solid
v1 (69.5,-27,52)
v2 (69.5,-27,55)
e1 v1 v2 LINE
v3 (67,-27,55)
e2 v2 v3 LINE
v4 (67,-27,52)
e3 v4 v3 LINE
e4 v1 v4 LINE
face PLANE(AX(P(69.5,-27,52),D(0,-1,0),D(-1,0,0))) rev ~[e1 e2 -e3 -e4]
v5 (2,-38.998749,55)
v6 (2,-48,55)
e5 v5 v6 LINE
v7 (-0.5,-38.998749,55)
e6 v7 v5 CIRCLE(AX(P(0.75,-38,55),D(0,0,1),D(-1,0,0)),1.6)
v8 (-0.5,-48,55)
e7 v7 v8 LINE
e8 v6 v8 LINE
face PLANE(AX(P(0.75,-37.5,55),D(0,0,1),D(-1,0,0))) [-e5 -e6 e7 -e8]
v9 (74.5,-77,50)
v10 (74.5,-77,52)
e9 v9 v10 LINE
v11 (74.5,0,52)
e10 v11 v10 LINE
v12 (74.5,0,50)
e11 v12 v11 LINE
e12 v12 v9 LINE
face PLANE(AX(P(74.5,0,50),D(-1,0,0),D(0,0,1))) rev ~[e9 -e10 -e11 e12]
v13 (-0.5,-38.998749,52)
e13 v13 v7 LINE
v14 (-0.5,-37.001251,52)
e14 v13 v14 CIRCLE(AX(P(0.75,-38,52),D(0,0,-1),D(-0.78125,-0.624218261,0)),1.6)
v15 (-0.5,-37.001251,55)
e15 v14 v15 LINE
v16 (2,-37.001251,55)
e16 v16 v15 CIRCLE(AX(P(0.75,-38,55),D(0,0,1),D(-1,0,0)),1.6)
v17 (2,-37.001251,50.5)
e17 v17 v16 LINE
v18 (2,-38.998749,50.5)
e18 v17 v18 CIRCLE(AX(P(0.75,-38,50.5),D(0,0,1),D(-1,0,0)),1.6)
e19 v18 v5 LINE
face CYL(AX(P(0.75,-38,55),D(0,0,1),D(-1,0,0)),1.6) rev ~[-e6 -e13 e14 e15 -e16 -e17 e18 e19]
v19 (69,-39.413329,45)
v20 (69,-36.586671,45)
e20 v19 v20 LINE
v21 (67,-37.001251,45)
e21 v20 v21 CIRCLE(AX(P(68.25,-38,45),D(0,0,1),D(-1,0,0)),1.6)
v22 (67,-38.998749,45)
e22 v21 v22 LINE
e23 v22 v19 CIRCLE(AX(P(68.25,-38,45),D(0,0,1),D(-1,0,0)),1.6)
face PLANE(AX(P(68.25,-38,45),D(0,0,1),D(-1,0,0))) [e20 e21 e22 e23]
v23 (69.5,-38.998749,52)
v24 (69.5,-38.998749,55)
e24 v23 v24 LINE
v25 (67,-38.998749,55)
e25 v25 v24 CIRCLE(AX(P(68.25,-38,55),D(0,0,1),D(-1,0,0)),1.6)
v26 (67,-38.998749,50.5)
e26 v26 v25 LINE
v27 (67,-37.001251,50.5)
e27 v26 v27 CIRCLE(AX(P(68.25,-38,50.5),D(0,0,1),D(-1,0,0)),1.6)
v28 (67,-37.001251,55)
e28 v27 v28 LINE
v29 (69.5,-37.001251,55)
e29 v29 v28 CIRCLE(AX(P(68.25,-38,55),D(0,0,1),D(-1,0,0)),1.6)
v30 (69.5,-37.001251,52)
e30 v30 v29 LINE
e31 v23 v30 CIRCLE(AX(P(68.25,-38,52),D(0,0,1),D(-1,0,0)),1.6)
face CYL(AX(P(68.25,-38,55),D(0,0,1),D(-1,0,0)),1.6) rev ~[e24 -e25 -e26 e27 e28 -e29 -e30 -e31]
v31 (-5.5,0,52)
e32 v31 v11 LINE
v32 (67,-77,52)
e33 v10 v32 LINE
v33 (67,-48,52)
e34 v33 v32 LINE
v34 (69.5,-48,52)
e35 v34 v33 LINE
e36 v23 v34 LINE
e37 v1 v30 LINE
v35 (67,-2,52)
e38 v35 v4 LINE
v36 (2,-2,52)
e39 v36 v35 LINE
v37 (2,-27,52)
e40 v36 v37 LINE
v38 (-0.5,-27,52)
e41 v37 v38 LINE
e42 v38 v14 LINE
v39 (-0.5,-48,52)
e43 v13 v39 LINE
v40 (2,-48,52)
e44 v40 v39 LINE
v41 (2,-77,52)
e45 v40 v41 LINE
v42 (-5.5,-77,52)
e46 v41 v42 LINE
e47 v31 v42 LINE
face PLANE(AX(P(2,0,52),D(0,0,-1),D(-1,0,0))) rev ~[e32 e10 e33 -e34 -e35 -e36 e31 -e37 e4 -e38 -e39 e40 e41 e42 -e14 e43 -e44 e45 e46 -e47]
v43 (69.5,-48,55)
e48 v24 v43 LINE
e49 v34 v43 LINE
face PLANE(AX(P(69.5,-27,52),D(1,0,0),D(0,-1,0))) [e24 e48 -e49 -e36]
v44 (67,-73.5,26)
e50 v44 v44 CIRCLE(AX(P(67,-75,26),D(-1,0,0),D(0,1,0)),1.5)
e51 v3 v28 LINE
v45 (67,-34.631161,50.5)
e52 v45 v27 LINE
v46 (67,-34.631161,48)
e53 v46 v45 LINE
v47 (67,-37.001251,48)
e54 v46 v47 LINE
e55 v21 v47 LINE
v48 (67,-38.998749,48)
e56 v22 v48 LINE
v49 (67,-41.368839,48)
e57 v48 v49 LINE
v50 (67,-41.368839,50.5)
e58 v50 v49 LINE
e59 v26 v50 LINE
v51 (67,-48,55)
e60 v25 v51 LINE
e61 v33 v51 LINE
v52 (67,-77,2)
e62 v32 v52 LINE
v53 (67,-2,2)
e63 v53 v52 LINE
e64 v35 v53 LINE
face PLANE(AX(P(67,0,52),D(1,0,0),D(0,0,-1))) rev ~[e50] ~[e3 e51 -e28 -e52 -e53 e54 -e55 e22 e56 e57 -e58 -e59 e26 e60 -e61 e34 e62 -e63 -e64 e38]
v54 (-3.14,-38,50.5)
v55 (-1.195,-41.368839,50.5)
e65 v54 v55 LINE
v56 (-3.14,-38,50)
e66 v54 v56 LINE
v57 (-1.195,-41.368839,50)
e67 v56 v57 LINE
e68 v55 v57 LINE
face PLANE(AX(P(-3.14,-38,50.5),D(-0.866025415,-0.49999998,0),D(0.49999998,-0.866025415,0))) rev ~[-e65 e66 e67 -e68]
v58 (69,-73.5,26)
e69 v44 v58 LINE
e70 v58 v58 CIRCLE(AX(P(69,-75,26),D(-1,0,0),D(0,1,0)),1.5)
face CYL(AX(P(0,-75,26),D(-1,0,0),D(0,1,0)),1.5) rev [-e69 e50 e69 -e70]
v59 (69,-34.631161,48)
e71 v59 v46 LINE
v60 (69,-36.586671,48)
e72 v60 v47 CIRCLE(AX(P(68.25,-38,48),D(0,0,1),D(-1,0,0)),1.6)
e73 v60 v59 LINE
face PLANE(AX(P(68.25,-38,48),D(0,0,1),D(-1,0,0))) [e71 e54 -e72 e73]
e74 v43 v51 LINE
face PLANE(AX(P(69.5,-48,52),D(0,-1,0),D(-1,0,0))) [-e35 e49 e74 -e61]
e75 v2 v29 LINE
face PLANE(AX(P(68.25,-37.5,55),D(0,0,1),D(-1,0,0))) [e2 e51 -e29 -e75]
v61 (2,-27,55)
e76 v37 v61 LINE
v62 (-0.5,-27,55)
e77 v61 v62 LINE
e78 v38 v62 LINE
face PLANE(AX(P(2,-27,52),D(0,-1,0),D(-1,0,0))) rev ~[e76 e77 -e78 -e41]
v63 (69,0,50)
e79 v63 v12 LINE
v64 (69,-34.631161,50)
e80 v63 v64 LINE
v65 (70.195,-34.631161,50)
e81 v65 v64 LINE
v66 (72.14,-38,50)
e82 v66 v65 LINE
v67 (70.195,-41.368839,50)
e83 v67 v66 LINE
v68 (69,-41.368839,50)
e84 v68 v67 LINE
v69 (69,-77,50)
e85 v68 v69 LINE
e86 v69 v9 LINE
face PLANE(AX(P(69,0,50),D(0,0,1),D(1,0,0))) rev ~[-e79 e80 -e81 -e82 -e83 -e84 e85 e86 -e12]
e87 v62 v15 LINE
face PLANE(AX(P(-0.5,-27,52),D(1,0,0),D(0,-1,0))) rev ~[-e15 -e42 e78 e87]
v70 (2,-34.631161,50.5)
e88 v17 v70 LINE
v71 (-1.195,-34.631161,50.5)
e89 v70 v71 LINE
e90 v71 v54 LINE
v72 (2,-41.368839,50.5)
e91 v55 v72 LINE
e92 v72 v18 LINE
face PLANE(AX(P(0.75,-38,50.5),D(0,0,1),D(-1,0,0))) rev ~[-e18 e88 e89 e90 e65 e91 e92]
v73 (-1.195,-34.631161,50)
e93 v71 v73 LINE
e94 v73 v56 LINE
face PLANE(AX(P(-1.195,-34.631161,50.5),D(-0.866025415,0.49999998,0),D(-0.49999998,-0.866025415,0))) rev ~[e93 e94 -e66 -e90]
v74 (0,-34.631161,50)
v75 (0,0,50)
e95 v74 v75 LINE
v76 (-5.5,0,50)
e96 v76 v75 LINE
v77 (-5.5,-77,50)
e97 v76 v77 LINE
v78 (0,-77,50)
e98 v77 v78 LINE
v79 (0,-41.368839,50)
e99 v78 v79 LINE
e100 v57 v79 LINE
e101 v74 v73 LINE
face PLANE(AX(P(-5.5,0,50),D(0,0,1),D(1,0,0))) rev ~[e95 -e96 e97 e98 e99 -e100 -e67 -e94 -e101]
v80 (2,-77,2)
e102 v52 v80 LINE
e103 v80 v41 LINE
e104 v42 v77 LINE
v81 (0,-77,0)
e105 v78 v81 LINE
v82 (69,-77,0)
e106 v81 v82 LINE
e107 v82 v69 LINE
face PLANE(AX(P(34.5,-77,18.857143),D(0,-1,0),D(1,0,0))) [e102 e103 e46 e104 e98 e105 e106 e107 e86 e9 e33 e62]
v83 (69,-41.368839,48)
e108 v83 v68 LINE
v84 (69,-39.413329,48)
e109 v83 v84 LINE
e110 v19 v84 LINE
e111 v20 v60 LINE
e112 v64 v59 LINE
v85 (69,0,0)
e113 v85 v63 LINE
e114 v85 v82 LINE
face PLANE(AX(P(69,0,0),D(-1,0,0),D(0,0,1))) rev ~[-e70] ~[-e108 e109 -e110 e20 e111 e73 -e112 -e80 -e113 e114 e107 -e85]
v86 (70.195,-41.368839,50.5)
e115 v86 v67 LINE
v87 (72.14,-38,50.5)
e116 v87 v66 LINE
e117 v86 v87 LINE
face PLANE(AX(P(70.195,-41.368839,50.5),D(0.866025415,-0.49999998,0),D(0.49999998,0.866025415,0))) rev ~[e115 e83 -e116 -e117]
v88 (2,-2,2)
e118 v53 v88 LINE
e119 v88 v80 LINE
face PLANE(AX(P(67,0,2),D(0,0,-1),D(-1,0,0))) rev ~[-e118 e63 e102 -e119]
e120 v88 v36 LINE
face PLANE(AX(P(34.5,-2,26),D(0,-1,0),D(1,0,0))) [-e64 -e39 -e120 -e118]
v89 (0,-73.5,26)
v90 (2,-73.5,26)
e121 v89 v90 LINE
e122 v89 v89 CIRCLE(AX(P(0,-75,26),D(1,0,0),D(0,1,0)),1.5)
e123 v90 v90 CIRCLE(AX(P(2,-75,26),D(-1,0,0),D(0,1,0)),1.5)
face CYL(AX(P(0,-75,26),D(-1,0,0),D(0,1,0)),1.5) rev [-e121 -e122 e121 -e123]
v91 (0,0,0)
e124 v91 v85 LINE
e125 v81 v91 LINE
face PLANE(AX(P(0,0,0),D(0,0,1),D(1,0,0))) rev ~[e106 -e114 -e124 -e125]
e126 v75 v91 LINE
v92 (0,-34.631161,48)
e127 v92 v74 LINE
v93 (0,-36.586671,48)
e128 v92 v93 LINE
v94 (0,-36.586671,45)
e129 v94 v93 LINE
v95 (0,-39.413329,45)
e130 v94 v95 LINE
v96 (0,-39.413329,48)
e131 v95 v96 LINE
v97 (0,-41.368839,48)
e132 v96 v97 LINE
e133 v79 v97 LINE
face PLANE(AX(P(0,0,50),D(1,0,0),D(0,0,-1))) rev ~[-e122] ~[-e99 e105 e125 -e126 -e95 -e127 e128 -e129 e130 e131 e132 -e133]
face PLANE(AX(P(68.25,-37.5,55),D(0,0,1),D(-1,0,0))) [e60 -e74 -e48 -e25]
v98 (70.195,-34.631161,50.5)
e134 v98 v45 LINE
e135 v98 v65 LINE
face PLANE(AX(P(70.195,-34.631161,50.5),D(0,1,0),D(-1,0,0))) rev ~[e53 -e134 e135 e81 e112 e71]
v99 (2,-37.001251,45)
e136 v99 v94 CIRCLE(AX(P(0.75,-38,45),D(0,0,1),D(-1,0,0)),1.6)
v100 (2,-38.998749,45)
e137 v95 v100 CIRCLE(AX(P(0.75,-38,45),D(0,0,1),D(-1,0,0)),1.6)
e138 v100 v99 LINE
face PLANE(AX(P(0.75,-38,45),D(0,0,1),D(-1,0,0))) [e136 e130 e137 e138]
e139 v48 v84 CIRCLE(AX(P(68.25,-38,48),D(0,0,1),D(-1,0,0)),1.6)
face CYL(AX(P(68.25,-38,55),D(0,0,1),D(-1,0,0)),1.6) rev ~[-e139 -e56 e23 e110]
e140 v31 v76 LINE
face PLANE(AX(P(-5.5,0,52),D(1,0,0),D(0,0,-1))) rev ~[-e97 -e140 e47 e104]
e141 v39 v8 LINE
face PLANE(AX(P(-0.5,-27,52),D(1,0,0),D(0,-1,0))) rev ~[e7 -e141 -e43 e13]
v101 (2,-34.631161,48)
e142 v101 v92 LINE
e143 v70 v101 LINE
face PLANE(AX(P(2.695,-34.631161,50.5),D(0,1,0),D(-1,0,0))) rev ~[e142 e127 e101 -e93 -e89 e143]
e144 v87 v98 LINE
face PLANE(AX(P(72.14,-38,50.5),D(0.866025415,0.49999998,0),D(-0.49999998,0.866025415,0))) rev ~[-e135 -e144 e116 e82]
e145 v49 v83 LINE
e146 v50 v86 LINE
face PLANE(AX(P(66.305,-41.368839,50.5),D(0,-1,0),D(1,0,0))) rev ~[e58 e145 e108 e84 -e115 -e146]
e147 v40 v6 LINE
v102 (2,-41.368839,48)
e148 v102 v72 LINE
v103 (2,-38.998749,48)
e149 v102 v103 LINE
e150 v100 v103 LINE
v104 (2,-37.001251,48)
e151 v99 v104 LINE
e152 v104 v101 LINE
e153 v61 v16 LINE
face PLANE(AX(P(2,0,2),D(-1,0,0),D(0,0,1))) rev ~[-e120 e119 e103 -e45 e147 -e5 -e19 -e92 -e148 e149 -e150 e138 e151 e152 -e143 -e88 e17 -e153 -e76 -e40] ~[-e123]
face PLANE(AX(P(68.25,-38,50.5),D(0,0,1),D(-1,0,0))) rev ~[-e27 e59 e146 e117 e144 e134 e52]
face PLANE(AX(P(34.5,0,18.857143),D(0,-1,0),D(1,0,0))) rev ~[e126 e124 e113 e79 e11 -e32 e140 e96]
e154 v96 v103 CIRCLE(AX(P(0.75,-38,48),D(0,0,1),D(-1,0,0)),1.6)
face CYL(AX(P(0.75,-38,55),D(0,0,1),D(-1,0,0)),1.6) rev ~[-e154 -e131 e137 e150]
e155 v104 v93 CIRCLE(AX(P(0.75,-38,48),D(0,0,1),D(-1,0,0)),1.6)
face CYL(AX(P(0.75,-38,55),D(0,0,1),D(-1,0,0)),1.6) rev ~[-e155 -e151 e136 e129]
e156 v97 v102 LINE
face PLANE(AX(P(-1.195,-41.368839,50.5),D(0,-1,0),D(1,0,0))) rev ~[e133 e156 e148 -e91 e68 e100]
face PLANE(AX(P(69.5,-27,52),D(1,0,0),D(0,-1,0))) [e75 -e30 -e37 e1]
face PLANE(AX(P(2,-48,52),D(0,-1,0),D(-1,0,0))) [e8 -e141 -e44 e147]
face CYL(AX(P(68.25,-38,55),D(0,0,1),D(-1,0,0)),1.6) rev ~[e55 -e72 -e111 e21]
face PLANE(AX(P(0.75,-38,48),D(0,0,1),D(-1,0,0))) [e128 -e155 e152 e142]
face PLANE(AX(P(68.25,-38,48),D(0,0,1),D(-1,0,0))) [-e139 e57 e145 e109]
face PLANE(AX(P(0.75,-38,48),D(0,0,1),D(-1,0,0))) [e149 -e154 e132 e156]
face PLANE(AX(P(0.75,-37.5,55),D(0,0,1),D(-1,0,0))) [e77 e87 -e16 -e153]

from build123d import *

# Parameters (mm, degrees)
PAD_DEPTH         = 77
SKETCH001_W       = 69
SKETCH001_H       = 52
PAD001_DEPTH      = 2
SKETCH002_R       = 1.5
POCKET_DEPTH      = 5.501
POCKET_DEPTH_BACK = -74.501
SKETCH003_W       = 2.5
SKETCH003_H       = 21
PAD002_DEPTH      = 3
SKETCH004_R       = 1.6
POCKET001_DEPTH   = 10
POCKET002_DEPTH   = 2.5


with BuildPart() as part:
    # Sketch → Pad (new body)
    with BuildSketch(Plane.XZ):
        Polygon((0, 0), (69, 0), (69, 50), (74.5, 50), (74.5, 52), (67, 52), (67, 2), (2, 2), (2, 52), (-5.5, 52), (-5.5, 50), (0, 50), align=None)
    extrude(amount=PAD_DEPTH)

    # Sketch001 → Pad001 (join)
    with BuildSketch(Plane.XZ):
        with Locations((34.5, 26)):
            Rectangle(SKETCH001_W, SKETCH001_H)
    extrude(amount=PAD001_DEPTH)

    # Sketch002 → Pocket (cut, two sides)
    with BuildSketch(Plane.YZ) as pocket_sk:
        with Locations((-75, 26)):
            Circle(SKETCH002_R)
    extrude(amount=-POCKET_DEPTH, mode=Mode.SUBTRACT)
    extrude(pocket_sk.sketch, amount=-POCKET_DEPTH_BACK, mode=Mode.SUBTRACT)

    # Sketch003 (on Face8 of Pocket) → Pad002 (join)
    with BuildSketch(Plane(origin=(0, 0, 52), x_dir=(-1, 0, 0), z_dir=(0, 0, 1))):
        with Locations((-68.25, 37.5)):
            Rectangle(SKETCH003_W, SKETCH003_H)
        with Locations((-0.75, 37.5)):
            Rectangle(SKETCH003_W, SKETCH003_H)
    extrude(amount=PAD002_DEPTH)

    # Sketch004 (on Face21 of Pad002) → Pocket001 (cut)
    with BuildSketch(Plane(origin=(0, 0, 55), x_dir=(-1, 0, 0), z_dir=(0, 0, 1))):
        with Locations((-68.25, 38)):
            Circle(SKETCH004_R)
        with Locations((-0.75, 38)):
            Circle(SKETCH004_R)
    extrude(amount=-POCKET001_DEPTH, mode=Mode.SUBTRACT)

    # Sketch005 (on Face11 of Pocket001) → Pocket002 (cut)
    with BuildSketch(Plane(origin=(0, 0, 50.5), x_dir=(-1, 0, 0), z_dir=(0, 0, 1))):
        Polygon((1.195, 34.631161), (3.14, 38), (1.195, 41.368839), (-2.695, 41.368839), (-4.64, 38), (-2.695, 34.631161), align=None)
        Polygon((-66.305, 34.631161), (-64.36, 38), (-66.305, 41.368839), (-70.195, 41.368839), (-72.14, 38), (-70.195, 34.631161), align=None)
    extrude(amount=-POCKET002_DEPTH, mode=Mode.SUBTRACT)


solid = part.part
